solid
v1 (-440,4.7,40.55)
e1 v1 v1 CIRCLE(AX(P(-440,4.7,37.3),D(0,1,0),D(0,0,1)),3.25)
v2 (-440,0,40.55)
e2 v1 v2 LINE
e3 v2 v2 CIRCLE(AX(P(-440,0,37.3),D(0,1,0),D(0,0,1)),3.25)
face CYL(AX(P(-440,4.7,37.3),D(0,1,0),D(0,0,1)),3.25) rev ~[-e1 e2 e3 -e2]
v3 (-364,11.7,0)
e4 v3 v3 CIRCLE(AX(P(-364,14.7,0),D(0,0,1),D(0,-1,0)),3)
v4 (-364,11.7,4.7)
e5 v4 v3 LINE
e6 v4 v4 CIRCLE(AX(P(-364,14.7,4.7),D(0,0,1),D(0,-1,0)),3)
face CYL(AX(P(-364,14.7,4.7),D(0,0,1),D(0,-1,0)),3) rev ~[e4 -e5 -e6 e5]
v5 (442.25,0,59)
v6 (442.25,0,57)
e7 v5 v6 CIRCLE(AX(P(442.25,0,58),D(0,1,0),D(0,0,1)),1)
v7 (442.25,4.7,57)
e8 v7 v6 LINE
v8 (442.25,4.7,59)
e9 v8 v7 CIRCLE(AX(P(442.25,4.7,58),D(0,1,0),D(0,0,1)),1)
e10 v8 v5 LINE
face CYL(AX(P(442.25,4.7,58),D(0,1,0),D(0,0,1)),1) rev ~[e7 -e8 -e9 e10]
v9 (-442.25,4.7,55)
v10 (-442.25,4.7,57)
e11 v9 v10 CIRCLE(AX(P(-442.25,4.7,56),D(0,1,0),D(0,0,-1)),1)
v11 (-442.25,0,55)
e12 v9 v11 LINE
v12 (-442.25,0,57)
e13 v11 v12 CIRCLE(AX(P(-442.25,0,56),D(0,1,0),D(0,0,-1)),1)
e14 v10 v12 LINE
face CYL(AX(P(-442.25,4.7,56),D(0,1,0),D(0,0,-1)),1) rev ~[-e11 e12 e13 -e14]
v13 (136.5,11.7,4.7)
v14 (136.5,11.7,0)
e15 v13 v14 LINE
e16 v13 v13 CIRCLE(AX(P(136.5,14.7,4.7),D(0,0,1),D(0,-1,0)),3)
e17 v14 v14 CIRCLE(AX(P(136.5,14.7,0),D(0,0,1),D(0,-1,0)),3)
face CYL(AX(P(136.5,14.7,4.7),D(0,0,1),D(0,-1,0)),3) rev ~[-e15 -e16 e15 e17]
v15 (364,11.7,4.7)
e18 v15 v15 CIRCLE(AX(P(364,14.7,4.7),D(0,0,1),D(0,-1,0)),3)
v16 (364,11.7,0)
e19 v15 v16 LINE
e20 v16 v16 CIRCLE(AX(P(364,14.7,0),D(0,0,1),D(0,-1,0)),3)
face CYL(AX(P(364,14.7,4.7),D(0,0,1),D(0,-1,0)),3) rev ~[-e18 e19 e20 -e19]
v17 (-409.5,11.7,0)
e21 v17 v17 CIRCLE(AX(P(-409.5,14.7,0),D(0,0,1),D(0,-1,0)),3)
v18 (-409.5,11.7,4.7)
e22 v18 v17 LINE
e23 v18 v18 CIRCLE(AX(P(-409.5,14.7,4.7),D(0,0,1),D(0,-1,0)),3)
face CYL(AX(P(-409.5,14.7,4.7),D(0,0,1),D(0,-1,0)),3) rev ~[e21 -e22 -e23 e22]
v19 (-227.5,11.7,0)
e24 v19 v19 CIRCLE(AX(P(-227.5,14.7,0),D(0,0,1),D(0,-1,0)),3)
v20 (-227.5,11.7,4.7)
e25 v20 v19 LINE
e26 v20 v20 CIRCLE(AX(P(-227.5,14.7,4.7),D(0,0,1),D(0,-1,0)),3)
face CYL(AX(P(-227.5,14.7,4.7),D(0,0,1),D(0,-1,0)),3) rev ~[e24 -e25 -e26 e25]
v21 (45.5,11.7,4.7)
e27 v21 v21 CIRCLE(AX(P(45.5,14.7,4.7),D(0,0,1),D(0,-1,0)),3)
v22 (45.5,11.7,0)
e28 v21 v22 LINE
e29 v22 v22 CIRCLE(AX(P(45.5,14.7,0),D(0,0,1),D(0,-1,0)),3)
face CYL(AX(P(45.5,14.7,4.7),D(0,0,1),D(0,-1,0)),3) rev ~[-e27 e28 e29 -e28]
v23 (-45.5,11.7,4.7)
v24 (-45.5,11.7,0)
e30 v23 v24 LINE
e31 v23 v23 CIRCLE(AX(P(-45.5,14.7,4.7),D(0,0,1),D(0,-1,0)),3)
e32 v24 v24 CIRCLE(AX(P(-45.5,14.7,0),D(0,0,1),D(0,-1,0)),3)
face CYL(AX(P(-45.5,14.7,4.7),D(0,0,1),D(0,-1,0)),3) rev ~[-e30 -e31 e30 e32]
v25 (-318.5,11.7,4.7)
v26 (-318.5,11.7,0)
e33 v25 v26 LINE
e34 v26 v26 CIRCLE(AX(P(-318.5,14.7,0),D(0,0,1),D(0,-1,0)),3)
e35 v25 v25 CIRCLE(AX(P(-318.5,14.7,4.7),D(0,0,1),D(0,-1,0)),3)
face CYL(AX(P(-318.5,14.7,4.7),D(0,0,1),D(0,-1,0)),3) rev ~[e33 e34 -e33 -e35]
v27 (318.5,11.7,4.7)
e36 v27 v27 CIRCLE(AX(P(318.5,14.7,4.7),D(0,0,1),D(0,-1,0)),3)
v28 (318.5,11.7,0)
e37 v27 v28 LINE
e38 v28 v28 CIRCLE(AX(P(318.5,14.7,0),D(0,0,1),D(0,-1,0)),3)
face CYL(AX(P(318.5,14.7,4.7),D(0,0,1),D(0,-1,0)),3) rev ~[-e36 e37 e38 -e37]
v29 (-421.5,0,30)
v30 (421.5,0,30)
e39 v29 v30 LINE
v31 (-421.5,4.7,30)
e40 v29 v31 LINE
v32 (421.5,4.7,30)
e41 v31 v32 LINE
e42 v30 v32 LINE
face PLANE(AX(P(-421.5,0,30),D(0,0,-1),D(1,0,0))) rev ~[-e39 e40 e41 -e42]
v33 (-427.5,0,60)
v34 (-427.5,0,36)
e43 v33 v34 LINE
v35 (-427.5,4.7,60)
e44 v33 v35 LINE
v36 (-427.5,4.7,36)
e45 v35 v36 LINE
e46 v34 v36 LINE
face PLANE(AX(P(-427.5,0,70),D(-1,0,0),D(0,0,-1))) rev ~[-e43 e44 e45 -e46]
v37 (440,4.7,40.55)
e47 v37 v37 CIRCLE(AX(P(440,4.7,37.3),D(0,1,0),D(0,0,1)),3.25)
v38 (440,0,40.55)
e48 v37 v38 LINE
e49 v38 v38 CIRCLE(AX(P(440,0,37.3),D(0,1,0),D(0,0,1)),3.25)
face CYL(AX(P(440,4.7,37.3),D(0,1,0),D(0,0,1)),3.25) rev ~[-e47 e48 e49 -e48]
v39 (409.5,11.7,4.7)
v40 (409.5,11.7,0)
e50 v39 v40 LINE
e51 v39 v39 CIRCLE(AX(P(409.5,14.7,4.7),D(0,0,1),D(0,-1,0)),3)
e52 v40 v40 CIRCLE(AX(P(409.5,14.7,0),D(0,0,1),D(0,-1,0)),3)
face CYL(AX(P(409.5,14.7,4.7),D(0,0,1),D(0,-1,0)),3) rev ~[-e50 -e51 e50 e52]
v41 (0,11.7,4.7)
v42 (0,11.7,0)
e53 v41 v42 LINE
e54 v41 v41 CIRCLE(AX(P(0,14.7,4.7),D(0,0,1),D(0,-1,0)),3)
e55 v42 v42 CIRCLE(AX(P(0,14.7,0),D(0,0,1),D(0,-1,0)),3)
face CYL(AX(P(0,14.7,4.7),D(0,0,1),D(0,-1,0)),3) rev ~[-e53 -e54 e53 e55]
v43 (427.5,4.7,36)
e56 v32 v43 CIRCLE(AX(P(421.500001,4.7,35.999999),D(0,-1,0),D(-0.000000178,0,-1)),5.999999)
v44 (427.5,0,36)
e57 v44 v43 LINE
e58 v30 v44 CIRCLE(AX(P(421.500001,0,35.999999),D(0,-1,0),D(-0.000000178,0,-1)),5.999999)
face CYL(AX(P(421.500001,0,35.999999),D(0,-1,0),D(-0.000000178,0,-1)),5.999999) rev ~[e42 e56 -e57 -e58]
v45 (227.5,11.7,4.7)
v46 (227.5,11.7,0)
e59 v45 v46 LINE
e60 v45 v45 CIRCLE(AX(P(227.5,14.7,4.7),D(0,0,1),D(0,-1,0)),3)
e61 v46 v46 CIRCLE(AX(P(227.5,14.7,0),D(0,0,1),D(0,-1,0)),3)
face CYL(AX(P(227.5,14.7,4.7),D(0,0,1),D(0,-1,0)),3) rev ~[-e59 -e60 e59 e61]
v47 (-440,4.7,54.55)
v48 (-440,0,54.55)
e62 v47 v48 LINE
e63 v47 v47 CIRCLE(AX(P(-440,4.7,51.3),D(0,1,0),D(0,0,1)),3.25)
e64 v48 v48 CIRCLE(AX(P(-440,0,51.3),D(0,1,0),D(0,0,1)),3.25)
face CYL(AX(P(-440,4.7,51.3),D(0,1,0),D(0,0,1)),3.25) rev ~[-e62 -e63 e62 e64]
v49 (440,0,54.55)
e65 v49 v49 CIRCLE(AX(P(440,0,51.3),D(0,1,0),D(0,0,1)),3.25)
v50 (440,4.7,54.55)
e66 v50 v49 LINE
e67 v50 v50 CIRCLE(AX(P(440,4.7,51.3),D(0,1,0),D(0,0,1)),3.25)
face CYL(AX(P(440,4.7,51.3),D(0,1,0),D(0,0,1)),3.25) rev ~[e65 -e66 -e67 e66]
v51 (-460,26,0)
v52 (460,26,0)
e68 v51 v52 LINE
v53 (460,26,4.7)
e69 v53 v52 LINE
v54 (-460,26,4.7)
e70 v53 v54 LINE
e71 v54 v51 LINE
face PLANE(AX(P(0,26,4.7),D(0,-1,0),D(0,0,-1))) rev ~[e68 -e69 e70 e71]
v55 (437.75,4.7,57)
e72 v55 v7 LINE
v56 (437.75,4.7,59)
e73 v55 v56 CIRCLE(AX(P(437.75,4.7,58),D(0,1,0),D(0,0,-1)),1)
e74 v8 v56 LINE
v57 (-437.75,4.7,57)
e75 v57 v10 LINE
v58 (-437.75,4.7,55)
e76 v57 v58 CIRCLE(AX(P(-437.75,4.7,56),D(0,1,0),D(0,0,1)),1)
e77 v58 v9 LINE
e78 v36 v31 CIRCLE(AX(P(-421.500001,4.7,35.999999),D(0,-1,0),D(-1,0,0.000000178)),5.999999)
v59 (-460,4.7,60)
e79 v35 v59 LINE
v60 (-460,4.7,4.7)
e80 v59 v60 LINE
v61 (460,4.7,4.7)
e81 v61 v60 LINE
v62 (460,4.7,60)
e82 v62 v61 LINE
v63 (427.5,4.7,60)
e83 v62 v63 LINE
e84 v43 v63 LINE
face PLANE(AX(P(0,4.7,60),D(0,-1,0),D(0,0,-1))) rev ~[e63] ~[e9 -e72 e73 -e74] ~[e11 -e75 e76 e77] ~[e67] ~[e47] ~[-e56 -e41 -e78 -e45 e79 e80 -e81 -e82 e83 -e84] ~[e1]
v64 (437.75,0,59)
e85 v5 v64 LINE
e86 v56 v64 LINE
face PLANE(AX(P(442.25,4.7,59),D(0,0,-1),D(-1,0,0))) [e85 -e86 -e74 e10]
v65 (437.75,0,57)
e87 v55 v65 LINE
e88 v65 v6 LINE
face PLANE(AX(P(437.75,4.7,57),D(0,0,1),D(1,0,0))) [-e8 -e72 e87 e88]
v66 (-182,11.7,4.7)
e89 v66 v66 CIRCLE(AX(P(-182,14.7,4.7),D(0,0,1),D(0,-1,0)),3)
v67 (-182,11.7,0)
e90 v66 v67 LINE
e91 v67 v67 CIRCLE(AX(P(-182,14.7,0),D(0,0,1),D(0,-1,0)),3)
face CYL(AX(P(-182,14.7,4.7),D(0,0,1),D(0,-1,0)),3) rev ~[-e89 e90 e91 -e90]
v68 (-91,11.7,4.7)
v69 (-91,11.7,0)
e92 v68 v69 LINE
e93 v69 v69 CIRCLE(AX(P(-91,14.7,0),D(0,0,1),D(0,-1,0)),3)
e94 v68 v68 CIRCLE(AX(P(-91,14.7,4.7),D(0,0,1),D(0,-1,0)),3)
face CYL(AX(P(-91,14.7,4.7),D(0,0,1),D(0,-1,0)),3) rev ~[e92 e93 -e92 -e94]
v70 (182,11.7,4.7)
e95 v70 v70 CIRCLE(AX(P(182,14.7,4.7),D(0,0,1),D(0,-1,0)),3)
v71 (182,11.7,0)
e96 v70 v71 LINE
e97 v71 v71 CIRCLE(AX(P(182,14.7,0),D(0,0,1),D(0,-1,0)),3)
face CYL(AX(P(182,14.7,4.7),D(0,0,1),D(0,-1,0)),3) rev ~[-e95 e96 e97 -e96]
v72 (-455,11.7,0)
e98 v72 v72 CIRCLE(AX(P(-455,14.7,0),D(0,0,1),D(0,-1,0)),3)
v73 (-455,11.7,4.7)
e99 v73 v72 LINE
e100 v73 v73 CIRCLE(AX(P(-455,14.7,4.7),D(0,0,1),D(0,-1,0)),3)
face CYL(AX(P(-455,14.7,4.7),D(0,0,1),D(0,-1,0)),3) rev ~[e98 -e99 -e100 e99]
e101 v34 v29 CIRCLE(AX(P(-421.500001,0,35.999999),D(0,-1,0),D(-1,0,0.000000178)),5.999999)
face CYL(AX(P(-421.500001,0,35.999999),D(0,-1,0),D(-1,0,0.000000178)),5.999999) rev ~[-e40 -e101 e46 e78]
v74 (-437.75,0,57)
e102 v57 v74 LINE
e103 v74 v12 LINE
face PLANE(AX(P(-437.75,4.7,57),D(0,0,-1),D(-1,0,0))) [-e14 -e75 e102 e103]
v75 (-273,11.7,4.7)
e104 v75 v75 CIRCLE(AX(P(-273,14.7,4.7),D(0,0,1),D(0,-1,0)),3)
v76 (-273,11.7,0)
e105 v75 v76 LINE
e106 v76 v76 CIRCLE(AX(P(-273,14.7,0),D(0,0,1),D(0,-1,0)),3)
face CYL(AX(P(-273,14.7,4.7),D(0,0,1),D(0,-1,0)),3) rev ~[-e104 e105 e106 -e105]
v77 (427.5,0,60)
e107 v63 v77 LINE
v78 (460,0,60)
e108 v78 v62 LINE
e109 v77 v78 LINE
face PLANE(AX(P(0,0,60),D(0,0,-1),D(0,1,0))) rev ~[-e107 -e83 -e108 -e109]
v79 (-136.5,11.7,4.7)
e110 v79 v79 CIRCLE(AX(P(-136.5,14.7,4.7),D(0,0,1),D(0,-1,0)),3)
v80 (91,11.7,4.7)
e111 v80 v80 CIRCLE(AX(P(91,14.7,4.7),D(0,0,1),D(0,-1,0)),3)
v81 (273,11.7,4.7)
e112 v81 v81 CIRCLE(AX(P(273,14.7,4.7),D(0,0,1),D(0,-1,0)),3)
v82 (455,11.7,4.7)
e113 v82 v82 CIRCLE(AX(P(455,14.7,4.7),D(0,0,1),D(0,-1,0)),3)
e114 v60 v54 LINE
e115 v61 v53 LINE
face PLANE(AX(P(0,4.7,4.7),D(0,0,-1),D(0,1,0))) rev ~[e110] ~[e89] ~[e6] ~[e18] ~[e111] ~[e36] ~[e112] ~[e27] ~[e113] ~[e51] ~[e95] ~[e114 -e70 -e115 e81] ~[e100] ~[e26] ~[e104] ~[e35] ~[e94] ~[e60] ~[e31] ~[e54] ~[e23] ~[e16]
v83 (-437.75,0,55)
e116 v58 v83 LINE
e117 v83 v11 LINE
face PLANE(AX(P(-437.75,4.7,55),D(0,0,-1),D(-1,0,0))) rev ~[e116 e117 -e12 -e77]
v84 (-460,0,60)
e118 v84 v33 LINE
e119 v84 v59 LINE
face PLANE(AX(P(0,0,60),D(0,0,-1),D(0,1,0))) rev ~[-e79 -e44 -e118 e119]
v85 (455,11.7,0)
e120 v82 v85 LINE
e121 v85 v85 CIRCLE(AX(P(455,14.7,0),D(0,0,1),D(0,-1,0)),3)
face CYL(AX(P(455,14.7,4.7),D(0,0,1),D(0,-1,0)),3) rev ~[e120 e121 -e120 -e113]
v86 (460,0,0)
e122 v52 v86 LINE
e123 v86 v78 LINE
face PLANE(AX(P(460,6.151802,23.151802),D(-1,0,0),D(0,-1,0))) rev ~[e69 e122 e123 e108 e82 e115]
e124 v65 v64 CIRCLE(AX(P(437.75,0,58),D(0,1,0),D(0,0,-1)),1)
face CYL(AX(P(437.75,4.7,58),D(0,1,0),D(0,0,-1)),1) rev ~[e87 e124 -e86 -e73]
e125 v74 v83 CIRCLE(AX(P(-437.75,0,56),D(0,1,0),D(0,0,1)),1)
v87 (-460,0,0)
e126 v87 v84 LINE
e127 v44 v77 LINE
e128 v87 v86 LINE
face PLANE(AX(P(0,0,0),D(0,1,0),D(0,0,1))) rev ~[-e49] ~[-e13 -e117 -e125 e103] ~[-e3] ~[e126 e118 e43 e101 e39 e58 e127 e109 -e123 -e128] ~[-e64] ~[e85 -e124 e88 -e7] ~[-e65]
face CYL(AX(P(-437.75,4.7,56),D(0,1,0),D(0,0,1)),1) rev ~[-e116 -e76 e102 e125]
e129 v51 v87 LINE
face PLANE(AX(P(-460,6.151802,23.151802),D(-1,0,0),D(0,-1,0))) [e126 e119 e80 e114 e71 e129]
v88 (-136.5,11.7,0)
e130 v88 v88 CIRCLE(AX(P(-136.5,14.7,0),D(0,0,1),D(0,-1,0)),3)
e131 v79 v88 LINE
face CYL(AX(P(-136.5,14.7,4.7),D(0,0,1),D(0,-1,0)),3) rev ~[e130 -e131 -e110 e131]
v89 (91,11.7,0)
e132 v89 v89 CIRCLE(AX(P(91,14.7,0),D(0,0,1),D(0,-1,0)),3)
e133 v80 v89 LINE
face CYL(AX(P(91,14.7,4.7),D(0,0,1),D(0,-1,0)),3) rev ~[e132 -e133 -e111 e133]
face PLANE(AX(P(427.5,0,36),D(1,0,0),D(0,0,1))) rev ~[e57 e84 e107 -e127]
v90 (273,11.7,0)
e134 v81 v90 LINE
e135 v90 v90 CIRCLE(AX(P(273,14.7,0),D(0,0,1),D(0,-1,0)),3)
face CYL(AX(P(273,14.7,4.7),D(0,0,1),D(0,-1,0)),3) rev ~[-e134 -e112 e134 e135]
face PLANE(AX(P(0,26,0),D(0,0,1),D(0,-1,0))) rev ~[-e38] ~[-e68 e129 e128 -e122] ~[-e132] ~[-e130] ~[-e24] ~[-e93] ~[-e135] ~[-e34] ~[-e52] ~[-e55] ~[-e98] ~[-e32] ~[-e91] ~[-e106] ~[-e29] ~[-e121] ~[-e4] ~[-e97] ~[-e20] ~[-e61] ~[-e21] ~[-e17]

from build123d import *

# Parameters (mm, degrees)
PAD_DEPTH         = 460
POCKET_DEPTH      = 26.001
POCKET_DEPTH_BACK = 0.001
SKETCH002_R       = 3
HOLE_DEPTH        = 25
SKETCH003_R       = 3.25
POCKET001_DEPTH   = 4.701


with BuildPart() as part:
    # Sketch → Pad (new body, symmetric)
    with BuildSketch(Plane.YZ):
        Polygon((0, 60), (4.7, 60), (4.7, 4.7), (26, 4.7), (26, 0), (0, 0), align=None)
    extrude(amount=PAD_DEPTH, both=True)

    # Sketch001 (on Face3 of Pad) → Pocket (cut, two sides)
    with BuildSketch(Plane(origin=(0, 0, 0), x_dir=(0, 0, -1), z_dir=(0, -1, 0))) as pocket_sk:
        with BuildLine():
            Line((-70, -427.5), (-36, -427.5))
            ThreePointArc((-36, -427.5), (-31.757359, -425.742641), (-30, -421.5))
            Line((-30, -421.5), (-30, 421.5))
            ThreePointArc((-30, 421.5), (-31.757359, 425.742641), (-36, 427.5))
            Line((-36, 427.5), (-70, 427.5))
            Line((-70, 427.5), (-70, -427.5))
        make_face()
    extrude(amount=-POCKET_DEPTH, mode=Mode.SUBTRACT)
    extrude(pocket_sk.sketch, amount=POCKET_DEPTH_BACK, mode=Mode.SUBTRACT)

    # Sketch002 (on Face2 of Pocket) → Hole (cut)
    with BuildSketch(Plane(origin=(0, 0, 4.7), x_dir=(0, -1, 0), z_dir=(0, 0, 1))):
        with Locations((-14.7, 455)):
            Circle(SKETCH002_R)
        with Locations((-14.7, 409.5)):
            Circle(SKETCH002_R)
        with Locations((-14.7, 364)):
            Circle(SKETCH002_R)
        with Locations((-14.7, 318.5)):
            Circle(SKETCH002_R)
        with Locations((-14.7, 273)):
            Circle(SKETCH002_R)
        with Locations((-14.7, 227.5)):
            Circle(SKETCH002_R)
        with Locations((-14.7, 182)):
            Circle(SKETCH002_R)
        with Locations((-14.7, 136.5)):
            Circle(SKETCH002_R)
        with Locations((-14.7, 91)):
            Circle(SKETCH002_R)
        with Locations((-14.7, 45.5)):
            Circle(SKETCH002_R)
        with Locations((-14.7, 0)):
            Circle(SKETCH002_R)
        with Locations((-14.7, -45.5)):
            Circle(SKETCH002_R)
        with Locations((-14.7, -91)):
            Circle(SKETCH002_R)
        with Locations((-14.7, -136.5)):
            Circle(SKETCH002_R)
        with Locations((-14.7, -182)):
            Circle(SKETCH002_R)
        with Locations((-14.7, -227.5)):
            Circle(SKETCH002_R)
        with Locations((-14.7, -273)):
            Circle(SKETCH002_R)
        with Locations((-14.7, -318.5)):
            Circle(SKETCH002_R)
        with Locations((-14.7, -364)):
            Circle(SKETCH002_R)
        with Locations((-14.7, -409.5)):
            Circle(SKETCH002_R)
        with Locations((-14.7, -455)):
            Circle(SKETCH002_R)
    extrude(amount=-HOLE_DEPTH, mode=Mode.SUBTRACT)

    # Sketch003 (on Face6 of Hole) → Pocket001 (cut, through all)
    with BuildSketch(Plane.ZX.offset(4.7)):
        with Locations((37.3, -440)):
            Circle(SKETCH003_R)
        with Locations((51.3, -440)):
            Circle(SKETCH003_R)
        with Locations((37.3, 440)):
            Circle(SKETCH003_R)
        with Locations((51.3, 440)):
            Circle(SKETCH003_R)
        with BuildLine():
            ThreePointArc((57, -437.75), (56, -436.75), (55, -437.75))
            Line((55, -437.75), (55, -442.25))
            ThreePointArc((55, -442.25), (56, -443.25), (57, -442.25))
            Line((57, -437.75), (57, -442.25))
        make_face()
        with BuildLine():
            Line((57, 437.75), (57, 442.25))
            ThreePointArc((59, 442.25), (58, 443.25), (57, 442.25))
            Line((59, 442.25), (59, 437.75))
            ThreePointArc((57, 437.75), (58, 436.75), (59, 437.75))
        make_face()
    extrude(amount=-POCKET001_DEPTH, mode=Mode.SUBTRACT)


solid = part.part
